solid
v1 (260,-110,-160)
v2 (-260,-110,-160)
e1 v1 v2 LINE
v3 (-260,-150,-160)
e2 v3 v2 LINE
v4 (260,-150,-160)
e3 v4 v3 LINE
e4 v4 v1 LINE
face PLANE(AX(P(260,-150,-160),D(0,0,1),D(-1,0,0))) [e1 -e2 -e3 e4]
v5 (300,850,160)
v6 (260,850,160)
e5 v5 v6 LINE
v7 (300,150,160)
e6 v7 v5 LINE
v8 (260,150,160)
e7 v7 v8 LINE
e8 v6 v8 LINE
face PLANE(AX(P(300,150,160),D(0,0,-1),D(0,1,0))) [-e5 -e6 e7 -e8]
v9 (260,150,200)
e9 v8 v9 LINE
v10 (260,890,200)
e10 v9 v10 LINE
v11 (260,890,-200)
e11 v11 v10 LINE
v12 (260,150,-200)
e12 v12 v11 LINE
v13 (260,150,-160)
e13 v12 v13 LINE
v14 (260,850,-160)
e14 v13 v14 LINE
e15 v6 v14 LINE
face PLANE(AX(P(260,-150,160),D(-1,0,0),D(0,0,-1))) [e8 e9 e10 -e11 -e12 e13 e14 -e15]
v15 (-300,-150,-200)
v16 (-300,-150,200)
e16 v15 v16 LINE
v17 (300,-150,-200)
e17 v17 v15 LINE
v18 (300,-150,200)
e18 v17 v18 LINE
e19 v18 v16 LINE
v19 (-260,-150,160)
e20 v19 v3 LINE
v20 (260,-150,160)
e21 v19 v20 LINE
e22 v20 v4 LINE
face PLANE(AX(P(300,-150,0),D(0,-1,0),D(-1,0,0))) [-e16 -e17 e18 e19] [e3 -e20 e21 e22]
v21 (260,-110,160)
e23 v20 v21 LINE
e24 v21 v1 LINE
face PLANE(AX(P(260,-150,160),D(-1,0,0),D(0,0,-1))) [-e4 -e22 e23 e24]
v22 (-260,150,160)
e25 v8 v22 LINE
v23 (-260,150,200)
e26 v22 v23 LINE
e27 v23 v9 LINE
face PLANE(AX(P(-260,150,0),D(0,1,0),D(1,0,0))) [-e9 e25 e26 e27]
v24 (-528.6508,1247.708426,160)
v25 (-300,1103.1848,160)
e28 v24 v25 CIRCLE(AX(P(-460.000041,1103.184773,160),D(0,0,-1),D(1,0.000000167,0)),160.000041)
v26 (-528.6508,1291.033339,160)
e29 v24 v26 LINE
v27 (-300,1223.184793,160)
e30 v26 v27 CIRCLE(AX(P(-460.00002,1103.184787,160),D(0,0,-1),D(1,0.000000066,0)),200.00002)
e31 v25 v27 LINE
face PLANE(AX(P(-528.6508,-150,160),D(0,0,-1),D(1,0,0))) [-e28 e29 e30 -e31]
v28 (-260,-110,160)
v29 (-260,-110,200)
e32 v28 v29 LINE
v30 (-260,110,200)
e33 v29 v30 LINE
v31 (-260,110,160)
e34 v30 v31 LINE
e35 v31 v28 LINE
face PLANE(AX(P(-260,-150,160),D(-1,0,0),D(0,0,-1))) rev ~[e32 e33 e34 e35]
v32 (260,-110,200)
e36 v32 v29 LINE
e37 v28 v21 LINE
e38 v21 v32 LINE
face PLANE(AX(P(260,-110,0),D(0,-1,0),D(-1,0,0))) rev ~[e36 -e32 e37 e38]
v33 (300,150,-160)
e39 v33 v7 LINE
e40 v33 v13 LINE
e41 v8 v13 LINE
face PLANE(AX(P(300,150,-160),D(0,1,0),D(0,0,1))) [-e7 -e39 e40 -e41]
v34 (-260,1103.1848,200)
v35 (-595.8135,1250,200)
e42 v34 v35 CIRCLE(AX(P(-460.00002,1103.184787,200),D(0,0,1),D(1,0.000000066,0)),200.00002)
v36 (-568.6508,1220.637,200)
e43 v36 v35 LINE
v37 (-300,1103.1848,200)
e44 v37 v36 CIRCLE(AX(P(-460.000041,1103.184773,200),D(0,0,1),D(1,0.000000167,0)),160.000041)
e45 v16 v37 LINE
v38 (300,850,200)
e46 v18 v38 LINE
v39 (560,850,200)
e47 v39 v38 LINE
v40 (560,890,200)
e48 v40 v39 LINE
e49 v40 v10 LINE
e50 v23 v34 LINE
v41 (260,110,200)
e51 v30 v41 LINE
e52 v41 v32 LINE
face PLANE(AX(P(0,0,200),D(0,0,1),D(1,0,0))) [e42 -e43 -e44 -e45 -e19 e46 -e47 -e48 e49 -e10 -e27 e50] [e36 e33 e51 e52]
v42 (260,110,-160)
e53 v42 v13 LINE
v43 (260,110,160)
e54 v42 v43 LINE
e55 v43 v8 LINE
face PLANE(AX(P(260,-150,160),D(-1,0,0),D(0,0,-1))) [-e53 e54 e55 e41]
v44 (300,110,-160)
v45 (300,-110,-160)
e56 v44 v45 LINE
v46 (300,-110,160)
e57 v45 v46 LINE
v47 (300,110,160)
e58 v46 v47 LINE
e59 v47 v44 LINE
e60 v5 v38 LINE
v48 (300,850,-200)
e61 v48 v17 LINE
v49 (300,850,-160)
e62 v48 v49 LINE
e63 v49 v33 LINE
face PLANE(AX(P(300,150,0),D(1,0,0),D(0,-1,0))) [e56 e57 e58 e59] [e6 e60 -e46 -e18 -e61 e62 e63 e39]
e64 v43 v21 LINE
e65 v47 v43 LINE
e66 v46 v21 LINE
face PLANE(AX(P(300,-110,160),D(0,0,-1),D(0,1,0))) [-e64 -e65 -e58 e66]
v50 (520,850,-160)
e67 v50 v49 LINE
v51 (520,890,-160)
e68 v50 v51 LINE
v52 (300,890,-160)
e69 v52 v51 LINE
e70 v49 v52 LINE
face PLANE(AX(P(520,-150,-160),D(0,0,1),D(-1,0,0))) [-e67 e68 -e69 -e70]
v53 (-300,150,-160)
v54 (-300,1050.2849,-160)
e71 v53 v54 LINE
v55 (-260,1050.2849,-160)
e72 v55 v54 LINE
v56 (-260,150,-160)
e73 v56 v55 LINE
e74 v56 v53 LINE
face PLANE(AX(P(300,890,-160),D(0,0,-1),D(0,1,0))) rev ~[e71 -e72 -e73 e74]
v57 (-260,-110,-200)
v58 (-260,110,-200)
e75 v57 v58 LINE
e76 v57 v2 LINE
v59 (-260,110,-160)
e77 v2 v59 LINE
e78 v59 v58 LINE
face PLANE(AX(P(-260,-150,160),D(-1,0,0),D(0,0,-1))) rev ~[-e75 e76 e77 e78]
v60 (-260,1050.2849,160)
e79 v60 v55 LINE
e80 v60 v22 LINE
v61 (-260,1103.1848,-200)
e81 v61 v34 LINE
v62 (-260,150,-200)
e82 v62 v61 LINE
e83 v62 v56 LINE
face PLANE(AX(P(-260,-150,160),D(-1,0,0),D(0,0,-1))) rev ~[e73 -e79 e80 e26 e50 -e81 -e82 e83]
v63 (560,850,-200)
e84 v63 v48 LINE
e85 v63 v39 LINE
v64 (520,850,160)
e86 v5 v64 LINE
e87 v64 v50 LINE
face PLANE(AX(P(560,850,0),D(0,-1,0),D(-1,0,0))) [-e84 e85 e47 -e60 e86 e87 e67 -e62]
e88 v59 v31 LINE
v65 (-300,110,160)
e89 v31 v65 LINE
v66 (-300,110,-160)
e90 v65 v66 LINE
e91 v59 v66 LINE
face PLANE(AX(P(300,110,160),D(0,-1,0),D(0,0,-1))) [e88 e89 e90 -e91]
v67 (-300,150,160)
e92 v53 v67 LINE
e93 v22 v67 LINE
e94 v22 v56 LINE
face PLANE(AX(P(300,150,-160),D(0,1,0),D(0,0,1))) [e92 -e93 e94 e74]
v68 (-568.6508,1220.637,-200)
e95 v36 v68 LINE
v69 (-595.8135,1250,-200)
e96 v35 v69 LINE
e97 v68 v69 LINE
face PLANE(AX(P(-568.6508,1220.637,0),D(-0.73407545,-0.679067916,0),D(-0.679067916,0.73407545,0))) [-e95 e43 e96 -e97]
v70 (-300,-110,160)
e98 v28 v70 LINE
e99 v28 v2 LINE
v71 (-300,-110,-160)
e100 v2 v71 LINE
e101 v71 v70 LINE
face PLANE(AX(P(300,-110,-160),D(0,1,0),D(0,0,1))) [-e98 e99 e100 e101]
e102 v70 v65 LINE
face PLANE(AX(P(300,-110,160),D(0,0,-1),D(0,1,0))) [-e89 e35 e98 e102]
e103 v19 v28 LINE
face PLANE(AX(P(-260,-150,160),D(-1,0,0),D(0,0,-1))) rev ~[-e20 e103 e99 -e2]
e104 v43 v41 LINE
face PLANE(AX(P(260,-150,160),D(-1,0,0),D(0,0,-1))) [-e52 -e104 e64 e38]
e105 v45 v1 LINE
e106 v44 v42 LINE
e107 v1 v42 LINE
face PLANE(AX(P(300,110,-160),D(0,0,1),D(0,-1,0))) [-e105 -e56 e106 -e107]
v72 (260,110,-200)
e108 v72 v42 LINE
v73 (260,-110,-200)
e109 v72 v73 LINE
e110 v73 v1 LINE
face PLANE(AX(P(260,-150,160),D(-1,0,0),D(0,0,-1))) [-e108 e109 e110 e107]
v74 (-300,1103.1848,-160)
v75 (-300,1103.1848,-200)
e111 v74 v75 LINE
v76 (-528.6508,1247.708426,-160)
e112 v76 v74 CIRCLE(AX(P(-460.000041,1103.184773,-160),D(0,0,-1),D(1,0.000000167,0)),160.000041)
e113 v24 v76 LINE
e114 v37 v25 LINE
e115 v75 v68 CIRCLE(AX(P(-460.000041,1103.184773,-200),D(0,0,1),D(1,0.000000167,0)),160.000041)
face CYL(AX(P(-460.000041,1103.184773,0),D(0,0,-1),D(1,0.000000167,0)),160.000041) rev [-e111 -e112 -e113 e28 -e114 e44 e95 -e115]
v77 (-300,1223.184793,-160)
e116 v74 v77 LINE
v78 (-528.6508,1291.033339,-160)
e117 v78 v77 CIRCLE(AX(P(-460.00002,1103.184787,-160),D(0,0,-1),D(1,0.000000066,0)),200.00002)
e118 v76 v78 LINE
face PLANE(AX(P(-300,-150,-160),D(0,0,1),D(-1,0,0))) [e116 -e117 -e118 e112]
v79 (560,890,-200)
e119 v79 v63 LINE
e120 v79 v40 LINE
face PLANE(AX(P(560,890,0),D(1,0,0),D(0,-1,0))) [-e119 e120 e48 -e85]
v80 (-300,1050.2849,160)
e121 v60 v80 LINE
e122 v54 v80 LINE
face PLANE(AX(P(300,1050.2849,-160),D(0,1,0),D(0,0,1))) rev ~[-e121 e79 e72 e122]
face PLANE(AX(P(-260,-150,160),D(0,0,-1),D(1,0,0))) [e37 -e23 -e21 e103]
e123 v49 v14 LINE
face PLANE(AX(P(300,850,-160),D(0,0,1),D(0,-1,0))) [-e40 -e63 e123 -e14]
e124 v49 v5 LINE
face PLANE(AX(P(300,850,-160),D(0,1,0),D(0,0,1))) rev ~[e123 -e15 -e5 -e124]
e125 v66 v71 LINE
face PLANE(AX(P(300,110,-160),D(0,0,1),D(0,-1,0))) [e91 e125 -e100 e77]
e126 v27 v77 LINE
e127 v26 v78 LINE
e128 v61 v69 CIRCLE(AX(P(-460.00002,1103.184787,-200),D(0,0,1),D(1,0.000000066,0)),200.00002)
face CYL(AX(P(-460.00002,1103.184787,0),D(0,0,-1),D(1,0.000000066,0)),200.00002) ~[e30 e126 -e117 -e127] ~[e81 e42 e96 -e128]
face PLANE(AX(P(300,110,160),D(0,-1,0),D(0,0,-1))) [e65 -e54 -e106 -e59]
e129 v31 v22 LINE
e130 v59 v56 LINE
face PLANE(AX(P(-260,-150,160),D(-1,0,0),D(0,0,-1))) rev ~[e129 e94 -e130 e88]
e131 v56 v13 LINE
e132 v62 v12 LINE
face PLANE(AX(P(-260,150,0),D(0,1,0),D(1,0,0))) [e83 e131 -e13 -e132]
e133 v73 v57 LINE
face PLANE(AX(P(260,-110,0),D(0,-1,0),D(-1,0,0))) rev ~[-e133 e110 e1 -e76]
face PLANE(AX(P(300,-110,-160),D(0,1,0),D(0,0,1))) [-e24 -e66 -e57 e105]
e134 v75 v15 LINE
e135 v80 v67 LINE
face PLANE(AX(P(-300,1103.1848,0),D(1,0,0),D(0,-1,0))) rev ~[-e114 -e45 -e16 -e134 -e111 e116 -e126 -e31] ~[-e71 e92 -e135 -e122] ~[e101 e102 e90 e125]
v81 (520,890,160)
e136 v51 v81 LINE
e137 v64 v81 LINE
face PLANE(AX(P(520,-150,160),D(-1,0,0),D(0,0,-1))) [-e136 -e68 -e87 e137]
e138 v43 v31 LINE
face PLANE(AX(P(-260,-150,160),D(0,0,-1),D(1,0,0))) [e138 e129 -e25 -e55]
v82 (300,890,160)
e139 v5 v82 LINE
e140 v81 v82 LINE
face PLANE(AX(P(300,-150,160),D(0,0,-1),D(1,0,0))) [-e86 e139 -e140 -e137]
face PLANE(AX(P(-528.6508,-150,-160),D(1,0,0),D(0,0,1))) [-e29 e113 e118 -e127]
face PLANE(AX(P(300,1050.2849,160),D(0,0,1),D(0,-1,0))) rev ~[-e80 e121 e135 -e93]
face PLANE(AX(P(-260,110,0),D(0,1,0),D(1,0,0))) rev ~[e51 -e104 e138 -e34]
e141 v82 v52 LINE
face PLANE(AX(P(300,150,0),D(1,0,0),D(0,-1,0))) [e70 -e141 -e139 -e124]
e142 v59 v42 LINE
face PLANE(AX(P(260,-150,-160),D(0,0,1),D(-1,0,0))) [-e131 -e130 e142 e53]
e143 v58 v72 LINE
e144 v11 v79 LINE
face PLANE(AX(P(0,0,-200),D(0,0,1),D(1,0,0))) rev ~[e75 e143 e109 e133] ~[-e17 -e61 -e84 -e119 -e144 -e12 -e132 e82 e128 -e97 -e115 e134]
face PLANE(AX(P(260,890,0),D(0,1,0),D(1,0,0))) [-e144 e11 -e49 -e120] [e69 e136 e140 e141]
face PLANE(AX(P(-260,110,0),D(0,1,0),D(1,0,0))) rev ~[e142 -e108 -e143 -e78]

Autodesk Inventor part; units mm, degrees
ref_plane "YZ Plane" through (0, 0, 0) normal (1, 0, 0) x (0, 1, 0)
ref_plane "XZ Plane" through (0, 0, 0) normal (0, 1, 0) x (-1, 0, 0)
ref_plane "XY Plane" through (0, 0, 0) normal (0, 0, 1) x (1, 0, 0)
sketch "Sketch1" plane through (0, 0, 0) normal (0, 0, 1) x (1, 0, 0)
  line L0 (-300, 150) -> (300, 150)
  line L1 (300, 150) -> (300, -150)
  line L2 (300, -150) -> (-300, -150)
  line L3 (-300, -150) -> (-300, 150)
  line L4 (-300, 150) -> (-260, 150)
  line L5 (-260, 150) -> (-260, 1103.1848)
  line L6 (-300, 1103.1848) -> (-300, 150)
  line L7 (300, 150) -> (260, 150)
  line L8 (260, 150) -> (260, 890)
  line L9 (260, 890) -> (300, 890)
  line L10 (300, 890) -> (300, 150)
  line L11 (300, 890) -> (560, 890)
  line L12 (560, 890) -> (560, 850)
  line L13 (560, 850) -> (300, 850)
  line L14 (300, 850) -> (300, 890)
  line L15 (-260, 110) -> (260, 110)
  line L16 (260, 110) -> (260, -110)
  line L17 (260, -110) -> (-260, -110)
  line L18 (-260, -110) -> (-260, 110)
  arc A0 (-260, 1103.1848) -> (-595.8135, 1250) centre (-460, 1103.1848) ccw
  arc A1 (-300, 1103.1848) -> (-568.6508, 1220.637) centre (-460, 1103.1848) ccw
  line L19 (-568.6508, 1220.637) -> (-595.8135, 1250)
  line L20 (-300, 1103.1848) -> (-260, 1103.1848)
  point P0 (0, 0)
  point P1 (0, 110)
  point P2 (-260, 0)
  dimension "d0" = 40
  dimension "d1" = 40
  dimension "d2" = 40
  dimension "d3" = 40
  dimension "d4" = 40
  dimension "d6" = 600
  dimension "d7" = 1400
  dimension "d8" = 1000
  dimension "d9" = 300
  dimension "d29" = 200
  dimension "d30" = 300
extrude "Extrusion1" add sketch "Sketch1" along normal mid plane 400
sketch "Sketch2" plane through (-300, -150, 200) normal (0, -1, 0) x (1, 0, 0)
  line L0 (40, 0) -> (40, -400) projected
  line L1 (560, 0) -> (560, -400) projected
  line L2 (600, -400) -> (600, 0) projected
  line L3 (0, 0) -> (600, 0) projected
  line L4 (600, -400) -> (0, -400) projected
  line L5 (0, -400) -> (0, 0) projected
  line L6 (-268.6508, 0) -> (0, 0) projected
  line L7 (0, -400) -> (-268.6508, -400) projected
  line L8 (-268.6508, -400) -> (-268.6508, 0) projected
  line L9 (600, 0) -> (860, 0) projected
  line L10 (860, -400) -> (860, 0) projected
  line L11 (860, -400) -> (600, -400) projected
  line L12 (0, -400) -> (0, 0) projected
  line L13 (-228.6508, -40) -> (0, -40)
  line L14 (0, -40) -> (0, -360)
  line L15 (0, -360) -> (-228.6508, -360)
  line L16 (-228.6508, -360) -> (-228.6508, -40)
  line L17 (560, -400) -> (560, 0) projected
  line L18 (40, -40) -> (560, -40)
  line L19 (560, -40) -> (560, -360)
  line L20 (560, -360) -> (40, -360)
  line L21 (40, -360) -> (40, -40)
  line L22 (600, -40) -> (820, -40)
  line L23 (820, -40) -> (820, -360)
  line L24 (820, -360) -> (600, -360)
  line L25 (600, -360) -> (600, -40)
  point P0 (300, -200)
  point P1 (-228.6508, -200)
  dimension "d14" = 40
  dimension "d15" = 40
  dimension "d16" = 40
  dimension "d17" = 40
  dimension "d18" = 40
  dimension "d19" = 40
extrude "Extrusion2" cut sketch "Sketch2" against normal through all contours L18 L1 L20 L0 | L5 L15 L16 L13 | L22 L23 L24 L2
sketch "Sketch3" plane through (300, -150, -200) normal (1, 0, 0) x (0, 0, -1)
  line L0 (0, 1000) -> (-400, 1000) projected
  line L1 (-400, 0) -> (-400, 1000) projected
  line L2 (0, 1000) -> (0, 0) projected
  line L3 (0, 0) -> (-400, 0) projected
  line L4 (-360, 260) -> (-400, 260) projected
  line L5 (0, 260) -> (-40, 260) projected
  line L6 (-400, 40) -> (-360, 40) projected
  line L7 (-40, 40) -> (0, 40) projected
  line L8 (0, 1040) -> (-400, 1040) projected
  line L9 (-40, 1373.1848) -> (-360, 1373.1848) projected
  line L10 (-40, 1397.7084) -> (-360, 1397.7084) projected
  line L11 (-360, 260) -> (-40, 260)
  line L12 (-40, 260) -> (-40, 40)
  line L13 (-40, 40) -> (-360, 40)
  line L14 (-360, 40) -> (-360, 260)
  line L15 (-360, 300) -> (-400, 300) projected
  line L16 (-360, 1000) -> (-40, 1000)
  line L17 (-40, 1000) -> (-40, 300)
  line L18 (-40, 300) -> (-360, 300)
  line L19 (-360, 300) -> (-360, 1000)
  line L20 (0, 1040) -> (-400, 1040) projected
  line L21 (-40, 1373.1848) -> (-40, 1453.1848) projected
  line L22 (-360, 1040) -> (-40, 1040)
  line L23 (-40, 1040) -> (-40, 1200.2849)
  line L24 (-40, 1200.2849) -> (-360, 1200.2849)
  line L25 (-360, 1200.2849) -> (-360, 1040)
  point P0 (-200, 150)
  point P1 (-200, 260)
  point P2 (-360, 150)
  point P3 (-380, 260)
  point P4 (-200, 300)
  point P5 (-40, 1441.0334)
  dimension "d22" = 40
  dimension "d23" = 40
  dimension "d24" = 160.2849
extrude "Extrusion3" cut sketch "Sketch3" against normal through all contours L17 L18 L19 L0 | L12 L13 L14 L11 | L8 L25 L24 L23
sketch "Sketch4" plane through (-260, 150, -200) normal (1, 0, 0) x (0, 0, -1)
  line L0 (-360, 740) -> (-40, 740) projected
  line L1 (0, 953.1848) -> (-40, 953.1848) projected
  line L2 (0, -300) -> (0, 953.1848) projected
  line L3 (0, -300) -> (-400, -300) projected
  line L4 (-400, 953.1848) -> (-400, -300) projected
  line L5 (-360, -40) -> (-360, -260) projected
  line L6 (-360, -260) -> (-40, -260) projected
  line L7 (-40, -260) -> (-40, -40) projected
  line L8 (-40, -40) -> (-360, -40) projected
  line L9 (-360, 700) -> (-360, 0) projected
  line L10 (-360, 0) -> (-40, 0) projected
  line L11 (-40, 0) -> (-40, 700) projected
  line L12 (-40, 700) -> (-360, 700) projected
  line L13 (-360, 0) -> (-360, 700) projected
  line L14 (-400, 953.1848) -> (0, 953.1848) projected
  line L15 (-360, 700) -> (-40, 700)
  line L16 (-40, 700) -> (-40, 876.7461)
  line L17 (-40, 876.7461) -> (-360, 876.7461)
  line L18 (-360, 876.7461) -> (-360, 700)
  line L19 (-40, 740) -> (-40, 900.2849) projected
  line L20 (-40, 900.2849) -> (-360, 900.2849) projected
  line L21 (-360, 900.2849) -> (-360, 740) projected
  line L22 (-360, 953.1848) -> (-360, 1073.1848) projected
  line L23 (-40, 1073.1848) -> (-360, 1073.1848) projected
  line L24 (-40, 953.1848) -> (-40, 1073.1848) projected
  line L25 (-360, 953.1848) -> (-400, 953.1848) projected
  point P0 (-200, -150)
extrude "Extrusion4" cut sketch "Sketch4" against normal up to next contours L18 L17 L16 L0 | L0 L16 L12 L18
properties part number "Frame"
